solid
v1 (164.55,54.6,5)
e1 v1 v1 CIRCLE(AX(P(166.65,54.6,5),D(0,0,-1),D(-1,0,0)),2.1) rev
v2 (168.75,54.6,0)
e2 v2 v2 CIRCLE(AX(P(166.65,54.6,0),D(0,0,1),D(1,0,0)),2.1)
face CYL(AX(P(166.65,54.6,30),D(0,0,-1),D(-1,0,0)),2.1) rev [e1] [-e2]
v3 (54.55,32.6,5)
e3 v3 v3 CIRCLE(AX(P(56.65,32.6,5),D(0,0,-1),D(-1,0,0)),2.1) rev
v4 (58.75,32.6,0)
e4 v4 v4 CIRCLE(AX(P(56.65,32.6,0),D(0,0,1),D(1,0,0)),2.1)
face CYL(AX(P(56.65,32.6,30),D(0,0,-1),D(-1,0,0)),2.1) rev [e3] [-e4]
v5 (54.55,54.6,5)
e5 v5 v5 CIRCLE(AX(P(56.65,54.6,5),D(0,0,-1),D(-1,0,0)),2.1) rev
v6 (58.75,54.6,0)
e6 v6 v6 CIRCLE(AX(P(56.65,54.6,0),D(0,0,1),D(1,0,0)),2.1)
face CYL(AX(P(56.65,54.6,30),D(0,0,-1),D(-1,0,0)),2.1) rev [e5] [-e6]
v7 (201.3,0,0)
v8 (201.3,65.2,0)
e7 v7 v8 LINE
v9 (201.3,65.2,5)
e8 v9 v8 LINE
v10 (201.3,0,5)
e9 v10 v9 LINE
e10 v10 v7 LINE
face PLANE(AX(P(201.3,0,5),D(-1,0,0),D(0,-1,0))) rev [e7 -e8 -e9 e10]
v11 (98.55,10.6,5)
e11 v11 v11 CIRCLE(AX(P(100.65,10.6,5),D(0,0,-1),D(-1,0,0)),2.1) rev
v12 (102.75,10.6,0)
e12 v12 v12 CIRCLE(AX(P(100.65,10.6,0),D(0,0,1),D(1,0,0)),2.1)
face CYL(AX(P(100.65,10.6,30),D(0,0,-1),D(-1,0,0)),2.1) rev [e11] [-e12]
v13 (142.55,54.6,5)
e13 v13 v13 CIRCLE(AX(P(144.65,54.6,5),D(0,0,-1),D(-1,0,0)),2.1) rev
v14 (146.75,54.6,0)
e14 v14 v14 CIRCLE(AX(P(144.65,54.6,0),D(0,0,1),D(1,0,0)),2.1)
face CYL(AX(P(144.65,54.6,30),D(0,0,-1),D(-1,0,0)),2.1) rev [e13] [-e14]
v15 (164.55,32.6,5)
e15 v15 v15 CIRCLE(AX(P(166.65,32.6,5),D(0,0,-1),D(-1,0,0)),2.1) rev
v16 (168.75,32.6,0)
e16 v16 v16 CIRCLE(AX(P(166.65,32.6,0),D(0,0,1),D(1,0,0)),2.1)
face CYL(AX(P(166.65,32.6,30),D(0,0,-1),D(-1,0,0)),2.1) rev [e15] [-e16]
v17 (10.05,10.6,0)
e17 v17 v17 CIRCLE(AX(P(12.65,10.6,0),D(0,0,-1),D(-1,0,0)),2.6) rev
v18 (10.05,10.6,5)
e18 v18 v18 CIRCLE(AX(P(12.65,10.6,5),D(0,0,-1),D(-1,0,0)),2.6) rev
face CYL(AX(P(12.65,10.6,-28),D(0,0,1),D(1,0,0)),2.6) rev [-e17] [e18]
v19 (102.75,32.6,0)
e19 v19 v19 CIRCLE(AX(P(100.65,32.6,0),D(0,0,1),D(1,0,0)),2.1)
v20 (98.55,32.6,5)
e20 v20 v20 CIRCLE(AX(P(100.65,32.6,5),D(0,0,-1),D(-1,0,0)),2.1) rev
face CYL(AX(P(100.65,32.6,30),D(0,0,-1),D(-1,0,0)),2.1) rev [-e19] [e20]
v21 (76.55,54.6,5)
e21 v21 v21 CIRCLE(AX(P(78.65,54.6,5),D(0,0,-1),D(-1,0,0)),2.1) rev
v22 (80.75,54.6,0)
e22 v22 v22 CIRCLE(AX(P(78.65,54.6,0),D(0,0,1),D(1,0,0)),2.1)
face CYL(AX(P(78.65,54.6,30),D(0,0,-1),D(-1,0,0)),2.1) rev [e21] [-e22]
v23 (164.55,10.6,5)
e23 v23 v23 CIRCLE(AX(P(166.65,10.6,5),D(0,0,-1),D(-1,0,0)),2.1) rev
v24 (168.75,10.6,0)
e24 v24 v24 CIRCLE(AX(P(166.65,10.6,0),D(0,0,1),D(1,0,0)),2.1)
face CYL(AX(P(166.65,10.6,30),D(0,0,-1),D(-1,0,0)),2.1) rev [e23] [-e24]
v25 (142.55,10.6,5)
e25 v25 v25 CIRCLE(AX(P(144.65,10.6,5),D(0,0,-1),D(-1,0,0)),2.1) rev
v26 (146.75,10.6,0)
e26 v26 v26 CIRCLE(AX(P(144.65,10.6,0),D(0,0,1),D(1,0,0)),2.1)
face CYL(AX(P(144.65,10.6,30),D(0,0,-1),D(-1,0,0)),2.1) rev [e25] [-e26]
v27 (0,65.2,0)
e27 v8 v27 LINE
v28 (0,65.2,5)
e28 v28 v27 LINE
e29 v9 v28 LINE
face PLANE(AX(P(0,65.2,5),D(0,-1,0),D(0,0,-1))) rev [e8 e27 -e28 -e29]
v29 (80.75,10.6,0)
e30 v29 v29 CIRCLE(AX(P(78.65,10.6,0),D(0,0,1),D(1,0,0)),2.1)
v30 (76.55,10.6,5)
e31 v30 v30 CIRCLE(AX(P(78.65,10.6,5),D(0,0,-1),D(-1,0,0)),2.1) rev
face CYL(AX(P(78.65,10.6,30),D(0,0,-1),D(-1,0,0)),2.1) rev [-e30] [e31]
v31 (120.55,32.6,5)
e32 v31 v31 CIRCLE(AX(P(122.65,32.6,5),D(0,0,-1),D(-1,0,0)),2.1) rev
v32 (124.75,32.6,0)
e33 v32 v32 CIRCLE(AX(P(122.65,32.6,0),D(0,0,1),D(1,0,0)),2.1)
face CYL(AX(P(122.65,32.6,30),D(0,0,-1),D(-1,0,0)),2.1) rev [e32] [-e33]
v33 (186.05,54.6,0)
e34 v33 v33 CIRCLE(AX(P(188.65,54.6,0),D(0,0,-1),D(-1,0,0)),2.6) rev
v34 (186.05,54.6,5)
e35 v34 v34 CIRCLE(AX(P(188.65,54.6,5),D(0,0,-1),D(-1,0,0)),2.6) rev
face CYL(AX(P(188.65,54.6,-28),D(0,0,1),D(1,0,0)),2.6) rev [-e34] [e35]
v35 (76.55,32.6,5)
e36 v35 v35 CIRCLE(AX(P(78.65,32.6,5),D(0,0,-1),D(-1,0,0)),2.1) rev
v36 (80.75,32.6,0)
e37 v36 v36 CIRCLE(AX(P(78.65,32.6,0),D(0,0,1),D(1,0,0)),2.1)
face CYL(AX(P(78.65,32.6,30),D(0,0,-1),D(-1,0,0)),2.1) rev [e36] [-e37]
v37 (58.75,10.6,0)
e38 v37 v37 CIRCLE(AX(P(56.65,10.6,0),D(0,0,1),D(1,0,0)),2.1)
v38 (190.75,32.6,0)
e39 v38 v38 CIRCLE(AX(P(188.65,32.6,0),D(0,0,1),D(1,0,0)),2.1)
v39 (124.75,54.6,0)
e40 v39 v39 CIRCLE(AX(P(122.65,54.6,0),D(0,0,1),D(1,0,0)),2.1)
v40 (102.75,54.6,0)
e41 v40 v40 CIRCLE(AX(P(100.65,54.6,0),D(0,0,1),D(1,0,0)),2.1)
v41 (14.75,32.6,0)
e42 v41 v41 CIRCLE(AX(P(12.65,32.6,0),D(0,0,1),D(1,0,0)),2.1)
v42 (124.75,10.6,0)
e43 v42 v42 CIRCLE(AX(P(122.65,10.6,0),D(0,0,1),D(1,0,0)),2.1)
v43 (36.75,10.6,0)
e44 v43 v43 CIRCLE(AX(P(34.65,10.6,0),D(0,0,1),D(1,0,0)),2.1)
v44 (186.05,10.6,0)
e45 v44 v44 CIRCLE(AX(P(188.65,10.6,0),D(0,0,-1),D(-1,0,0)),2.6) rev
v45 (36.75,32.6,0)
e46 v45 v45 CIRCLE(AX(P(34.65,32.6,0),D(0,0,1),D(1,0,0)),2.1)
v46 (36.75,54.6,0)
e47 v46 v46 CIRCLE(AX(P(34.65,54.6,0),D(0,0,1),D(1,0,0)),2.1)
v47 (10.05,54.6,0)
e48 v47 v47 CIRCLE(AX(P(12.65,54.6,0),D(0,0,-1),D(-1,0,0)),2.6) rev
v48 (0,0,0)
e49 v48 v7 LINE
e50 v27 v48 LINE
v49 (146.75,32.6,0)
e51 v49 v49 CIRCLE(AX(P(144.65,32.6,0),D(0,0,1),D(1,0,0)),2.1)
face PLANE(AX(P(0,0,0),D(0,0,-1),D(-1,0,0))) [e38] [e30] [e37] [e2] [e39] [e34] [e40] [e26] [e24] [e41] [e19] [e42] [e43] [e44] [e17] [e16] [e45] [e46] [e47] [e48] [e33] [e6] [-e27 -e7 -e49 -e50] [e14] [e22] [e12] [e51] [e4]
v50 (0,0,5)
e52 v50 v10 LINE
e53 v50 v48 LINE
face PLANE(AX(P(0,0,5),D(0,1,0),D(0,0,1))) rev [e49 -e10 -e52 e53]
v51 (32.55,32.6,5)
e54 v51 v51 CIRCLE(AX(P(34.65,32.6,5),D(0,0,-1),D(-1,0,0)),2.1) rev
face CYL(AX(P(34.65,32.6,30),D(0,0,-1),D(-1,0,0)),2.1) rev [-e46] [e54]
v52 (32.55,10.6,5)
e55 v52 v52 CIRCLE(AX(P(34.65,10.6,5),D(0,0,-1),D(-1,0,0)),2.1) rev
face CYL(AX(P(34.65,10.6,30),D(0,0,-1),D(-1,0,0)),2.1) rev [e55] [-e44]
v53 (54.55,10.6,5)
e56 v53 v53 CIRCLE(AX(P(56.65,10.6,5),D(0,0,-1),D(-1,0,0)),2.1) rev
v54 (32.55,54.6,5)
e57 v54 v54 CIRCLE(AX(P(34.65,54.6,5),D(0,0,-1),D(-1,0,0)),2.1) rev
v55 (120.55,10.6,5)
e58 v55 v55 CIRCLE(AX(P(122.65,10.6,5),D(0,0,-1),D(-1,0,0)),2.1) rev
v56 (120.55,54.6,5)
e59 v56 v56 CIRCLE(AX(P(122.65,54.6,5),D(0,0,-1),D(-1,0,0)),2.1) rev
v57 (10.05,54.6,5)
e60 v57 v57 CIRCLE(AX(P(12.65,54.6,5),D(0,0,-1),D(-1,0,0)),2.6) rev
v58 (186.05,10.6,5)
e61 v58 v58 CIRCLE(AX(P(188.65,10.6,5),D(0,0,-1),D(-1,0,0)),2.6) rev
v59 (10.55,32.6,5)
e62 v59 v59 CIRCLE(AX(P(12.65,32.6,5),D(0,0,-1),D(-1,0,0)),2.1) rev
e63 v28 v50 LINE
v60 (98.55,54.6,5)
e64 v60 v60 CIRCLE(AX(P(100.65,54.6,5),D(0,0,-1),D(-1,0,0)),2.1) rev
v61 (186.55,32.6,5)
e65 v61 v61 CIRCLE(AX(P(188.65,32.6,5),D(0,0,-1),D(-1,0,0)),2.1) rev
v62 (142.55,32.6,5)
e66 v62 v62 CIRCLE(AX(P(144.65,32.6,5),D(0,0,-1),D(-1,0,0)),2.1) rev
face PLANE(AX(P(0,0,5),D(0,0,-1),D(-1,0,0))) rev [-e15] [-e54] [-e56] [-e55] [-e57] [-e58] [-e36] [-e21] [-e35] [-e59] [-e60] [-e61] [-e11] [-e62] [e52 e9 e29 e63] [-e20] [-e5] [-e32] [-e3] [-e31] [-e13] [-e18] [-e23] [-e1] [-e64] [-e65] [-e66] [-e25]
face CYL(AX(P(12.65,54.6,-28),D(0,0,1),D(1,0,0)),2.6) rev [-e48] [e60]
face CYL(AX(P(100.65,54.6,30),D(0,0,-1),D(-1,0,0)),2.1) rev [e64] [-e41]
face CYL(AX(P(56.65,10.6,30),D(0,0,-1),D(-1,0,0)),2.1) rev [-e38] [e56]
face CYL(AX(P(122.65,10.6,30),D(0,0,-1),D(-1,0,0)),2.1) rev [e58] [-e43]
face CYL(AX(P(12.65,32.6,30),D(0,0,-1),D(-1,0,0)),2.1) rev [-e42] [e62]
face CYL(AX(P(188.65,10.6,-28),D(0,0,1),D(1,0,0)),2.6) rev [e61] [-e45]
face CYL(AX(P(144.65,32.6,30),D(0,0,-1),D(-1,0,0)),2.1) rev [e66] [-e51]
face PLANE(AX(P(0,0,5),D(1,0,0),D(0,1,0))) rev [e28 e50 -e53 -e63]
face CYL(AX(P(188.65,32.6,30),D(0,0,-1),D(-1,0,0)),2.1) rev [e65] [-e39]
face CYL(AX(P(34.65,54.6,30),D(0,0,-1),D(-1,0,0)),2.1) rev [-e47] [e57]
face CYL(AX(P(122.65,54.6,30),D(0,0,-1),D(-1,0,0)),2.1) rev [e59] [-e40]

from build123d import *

# Parameters (mm, degrees)
ESBO_O1_W                  = 201.3
ESBO_O1_H                  = 65.2
RESSALTO_EXTRUS_O1_DEPTH   = 5
ESBO_O2_R                  = 2.1
CORTE_EXTRUS_O1_DEPTH      = 30
ESBO_O3_R                  = 2.6
CORTE_EXTRUS_O2_DEPTH      = 28
CORTE_EXTRUS_O2_DEPTH_BACK = 22


with BuildPart() as part:
    # Esboço1 → Ressalto-extrusão1 (new body)
    with BuildSketch(Plane.XY):
        with Locations((100.65, 32.6)):
            Rectangle(ESBO_O1_W, ESBO_O1_H)
    extrude(amount=RESSALTO_EXTRUS_O1_DEPTH)

    # Esboço2 → Corte-extrusão1 (cut)
    with BuildSketch(Plane.XY):
        with Locations((100.65, 32.6)):
            Circle(ESBO_O2_R)
        with Locations((100.65, 54.6)):
            Circle(ESBO_O2_R)
        with Locations((100.65, 10.6)):
            Circle(ESBO_O2_R)
        with Locations((122.65, 32.6)):
            Circle(ESBO_O2_R)
        with Locations((122.65, 54.6)):
            Circle(ESBO_O2_R)
        with Locations((122.65, 10.6)):
            Circle(ESBO_O2_R)
        with Locations((144.65, 32.6)):
            Circle(ESBO_O2_R)
        with Locations((144.65, 54.6)):
            Circle(ESBO_O2_R)
        with Locations((144.65, 10.6)):
            Circle(ESBO_O2_R)
        with Locations((166.65, 32.6)):
            Circle(ESBO_O2_R)
        with Locations((166.65, 54.6)):
            Circle(ESBO_O2_R)
        with Locations((166.65, 10.6)):
            Circle(ESBO_O2_R)
        with Locations((188.65, 32.6)):
            Circle(ESBO_O2_R)
        with Locations((188.65, 54.6)):
            Circle(ESBO_O2_R)
        with Locations((188.65, 10.6)):
            Circle(ESBO_O2_R)
        with Locations((78.65, 32.6)):
            Circle(ESBO_O2_R)
        with Locations((78.65, 54.6)):
            Circle(ESBO_O2_R)
        with Locations((78.65, 10.6)):
            Circle(ESBO_O2_R)
        with Locations((56.65, 32.6)):
            Circle(ESBO_O2_R)
        with Locations((56.65, 54.6)):
            Circle(ESBO_O2_R)
        with Locations((56.65, 10.6)):
            Circle(ESBO_O2_R)
        with Locations((34.65, 32.6)):
            Circle(ESBO_O2_R)
        with Locations((34.65, 54.6)):
            Circle(ESBO_O2_R)
        with Locations((34.65, 10.6)):
            Circle(ESBO_O2_R)
        with Locations((12.65, 32.6)):
            Circle(ESBO_O2_R)
        with Locations((12.65, 54.6)):
            Circle(ESBO_O2_R)
        with Locations((12.65, 10.6)):
            Circle(ESBO_O2_R)
    extrude(amount=CORTE_EXTRUS_O1_DEPTH, mode=Mode.SUBTRACT)

    # Esboço3 → Corte-extrusão2 (cut, two sides)
    with BuildSketch(Plane(origin=(0, 0, 0), x_dir=(-1, 0, 0), z_dir=(0, 0, -1))) as corte_extrus_o2_sk:
        with Locations((-188.65, 54.6)):
            Circle(ESBO_O3_R)
        with Locations((-12.65, 54.6)):
            Circle(ESBO_O3_R)
        with Locations((-12.65, 10.6)):
            Circle(ESBO_O3_R)
        with Locations((-188.65, 10.6)):
            Circle(ESBO_O3_R)
    extrude(amount=CORTE_EXTRUS_O2_DEPTH, mode=Mode.SUBTRACT)
    extrude(corte_extrus_o2_sk.sketch, amount=-CORTE_EXTRUS_O2_DEPTH_BACK, mode=Mode.SUBTRACT)


solid = part.part
